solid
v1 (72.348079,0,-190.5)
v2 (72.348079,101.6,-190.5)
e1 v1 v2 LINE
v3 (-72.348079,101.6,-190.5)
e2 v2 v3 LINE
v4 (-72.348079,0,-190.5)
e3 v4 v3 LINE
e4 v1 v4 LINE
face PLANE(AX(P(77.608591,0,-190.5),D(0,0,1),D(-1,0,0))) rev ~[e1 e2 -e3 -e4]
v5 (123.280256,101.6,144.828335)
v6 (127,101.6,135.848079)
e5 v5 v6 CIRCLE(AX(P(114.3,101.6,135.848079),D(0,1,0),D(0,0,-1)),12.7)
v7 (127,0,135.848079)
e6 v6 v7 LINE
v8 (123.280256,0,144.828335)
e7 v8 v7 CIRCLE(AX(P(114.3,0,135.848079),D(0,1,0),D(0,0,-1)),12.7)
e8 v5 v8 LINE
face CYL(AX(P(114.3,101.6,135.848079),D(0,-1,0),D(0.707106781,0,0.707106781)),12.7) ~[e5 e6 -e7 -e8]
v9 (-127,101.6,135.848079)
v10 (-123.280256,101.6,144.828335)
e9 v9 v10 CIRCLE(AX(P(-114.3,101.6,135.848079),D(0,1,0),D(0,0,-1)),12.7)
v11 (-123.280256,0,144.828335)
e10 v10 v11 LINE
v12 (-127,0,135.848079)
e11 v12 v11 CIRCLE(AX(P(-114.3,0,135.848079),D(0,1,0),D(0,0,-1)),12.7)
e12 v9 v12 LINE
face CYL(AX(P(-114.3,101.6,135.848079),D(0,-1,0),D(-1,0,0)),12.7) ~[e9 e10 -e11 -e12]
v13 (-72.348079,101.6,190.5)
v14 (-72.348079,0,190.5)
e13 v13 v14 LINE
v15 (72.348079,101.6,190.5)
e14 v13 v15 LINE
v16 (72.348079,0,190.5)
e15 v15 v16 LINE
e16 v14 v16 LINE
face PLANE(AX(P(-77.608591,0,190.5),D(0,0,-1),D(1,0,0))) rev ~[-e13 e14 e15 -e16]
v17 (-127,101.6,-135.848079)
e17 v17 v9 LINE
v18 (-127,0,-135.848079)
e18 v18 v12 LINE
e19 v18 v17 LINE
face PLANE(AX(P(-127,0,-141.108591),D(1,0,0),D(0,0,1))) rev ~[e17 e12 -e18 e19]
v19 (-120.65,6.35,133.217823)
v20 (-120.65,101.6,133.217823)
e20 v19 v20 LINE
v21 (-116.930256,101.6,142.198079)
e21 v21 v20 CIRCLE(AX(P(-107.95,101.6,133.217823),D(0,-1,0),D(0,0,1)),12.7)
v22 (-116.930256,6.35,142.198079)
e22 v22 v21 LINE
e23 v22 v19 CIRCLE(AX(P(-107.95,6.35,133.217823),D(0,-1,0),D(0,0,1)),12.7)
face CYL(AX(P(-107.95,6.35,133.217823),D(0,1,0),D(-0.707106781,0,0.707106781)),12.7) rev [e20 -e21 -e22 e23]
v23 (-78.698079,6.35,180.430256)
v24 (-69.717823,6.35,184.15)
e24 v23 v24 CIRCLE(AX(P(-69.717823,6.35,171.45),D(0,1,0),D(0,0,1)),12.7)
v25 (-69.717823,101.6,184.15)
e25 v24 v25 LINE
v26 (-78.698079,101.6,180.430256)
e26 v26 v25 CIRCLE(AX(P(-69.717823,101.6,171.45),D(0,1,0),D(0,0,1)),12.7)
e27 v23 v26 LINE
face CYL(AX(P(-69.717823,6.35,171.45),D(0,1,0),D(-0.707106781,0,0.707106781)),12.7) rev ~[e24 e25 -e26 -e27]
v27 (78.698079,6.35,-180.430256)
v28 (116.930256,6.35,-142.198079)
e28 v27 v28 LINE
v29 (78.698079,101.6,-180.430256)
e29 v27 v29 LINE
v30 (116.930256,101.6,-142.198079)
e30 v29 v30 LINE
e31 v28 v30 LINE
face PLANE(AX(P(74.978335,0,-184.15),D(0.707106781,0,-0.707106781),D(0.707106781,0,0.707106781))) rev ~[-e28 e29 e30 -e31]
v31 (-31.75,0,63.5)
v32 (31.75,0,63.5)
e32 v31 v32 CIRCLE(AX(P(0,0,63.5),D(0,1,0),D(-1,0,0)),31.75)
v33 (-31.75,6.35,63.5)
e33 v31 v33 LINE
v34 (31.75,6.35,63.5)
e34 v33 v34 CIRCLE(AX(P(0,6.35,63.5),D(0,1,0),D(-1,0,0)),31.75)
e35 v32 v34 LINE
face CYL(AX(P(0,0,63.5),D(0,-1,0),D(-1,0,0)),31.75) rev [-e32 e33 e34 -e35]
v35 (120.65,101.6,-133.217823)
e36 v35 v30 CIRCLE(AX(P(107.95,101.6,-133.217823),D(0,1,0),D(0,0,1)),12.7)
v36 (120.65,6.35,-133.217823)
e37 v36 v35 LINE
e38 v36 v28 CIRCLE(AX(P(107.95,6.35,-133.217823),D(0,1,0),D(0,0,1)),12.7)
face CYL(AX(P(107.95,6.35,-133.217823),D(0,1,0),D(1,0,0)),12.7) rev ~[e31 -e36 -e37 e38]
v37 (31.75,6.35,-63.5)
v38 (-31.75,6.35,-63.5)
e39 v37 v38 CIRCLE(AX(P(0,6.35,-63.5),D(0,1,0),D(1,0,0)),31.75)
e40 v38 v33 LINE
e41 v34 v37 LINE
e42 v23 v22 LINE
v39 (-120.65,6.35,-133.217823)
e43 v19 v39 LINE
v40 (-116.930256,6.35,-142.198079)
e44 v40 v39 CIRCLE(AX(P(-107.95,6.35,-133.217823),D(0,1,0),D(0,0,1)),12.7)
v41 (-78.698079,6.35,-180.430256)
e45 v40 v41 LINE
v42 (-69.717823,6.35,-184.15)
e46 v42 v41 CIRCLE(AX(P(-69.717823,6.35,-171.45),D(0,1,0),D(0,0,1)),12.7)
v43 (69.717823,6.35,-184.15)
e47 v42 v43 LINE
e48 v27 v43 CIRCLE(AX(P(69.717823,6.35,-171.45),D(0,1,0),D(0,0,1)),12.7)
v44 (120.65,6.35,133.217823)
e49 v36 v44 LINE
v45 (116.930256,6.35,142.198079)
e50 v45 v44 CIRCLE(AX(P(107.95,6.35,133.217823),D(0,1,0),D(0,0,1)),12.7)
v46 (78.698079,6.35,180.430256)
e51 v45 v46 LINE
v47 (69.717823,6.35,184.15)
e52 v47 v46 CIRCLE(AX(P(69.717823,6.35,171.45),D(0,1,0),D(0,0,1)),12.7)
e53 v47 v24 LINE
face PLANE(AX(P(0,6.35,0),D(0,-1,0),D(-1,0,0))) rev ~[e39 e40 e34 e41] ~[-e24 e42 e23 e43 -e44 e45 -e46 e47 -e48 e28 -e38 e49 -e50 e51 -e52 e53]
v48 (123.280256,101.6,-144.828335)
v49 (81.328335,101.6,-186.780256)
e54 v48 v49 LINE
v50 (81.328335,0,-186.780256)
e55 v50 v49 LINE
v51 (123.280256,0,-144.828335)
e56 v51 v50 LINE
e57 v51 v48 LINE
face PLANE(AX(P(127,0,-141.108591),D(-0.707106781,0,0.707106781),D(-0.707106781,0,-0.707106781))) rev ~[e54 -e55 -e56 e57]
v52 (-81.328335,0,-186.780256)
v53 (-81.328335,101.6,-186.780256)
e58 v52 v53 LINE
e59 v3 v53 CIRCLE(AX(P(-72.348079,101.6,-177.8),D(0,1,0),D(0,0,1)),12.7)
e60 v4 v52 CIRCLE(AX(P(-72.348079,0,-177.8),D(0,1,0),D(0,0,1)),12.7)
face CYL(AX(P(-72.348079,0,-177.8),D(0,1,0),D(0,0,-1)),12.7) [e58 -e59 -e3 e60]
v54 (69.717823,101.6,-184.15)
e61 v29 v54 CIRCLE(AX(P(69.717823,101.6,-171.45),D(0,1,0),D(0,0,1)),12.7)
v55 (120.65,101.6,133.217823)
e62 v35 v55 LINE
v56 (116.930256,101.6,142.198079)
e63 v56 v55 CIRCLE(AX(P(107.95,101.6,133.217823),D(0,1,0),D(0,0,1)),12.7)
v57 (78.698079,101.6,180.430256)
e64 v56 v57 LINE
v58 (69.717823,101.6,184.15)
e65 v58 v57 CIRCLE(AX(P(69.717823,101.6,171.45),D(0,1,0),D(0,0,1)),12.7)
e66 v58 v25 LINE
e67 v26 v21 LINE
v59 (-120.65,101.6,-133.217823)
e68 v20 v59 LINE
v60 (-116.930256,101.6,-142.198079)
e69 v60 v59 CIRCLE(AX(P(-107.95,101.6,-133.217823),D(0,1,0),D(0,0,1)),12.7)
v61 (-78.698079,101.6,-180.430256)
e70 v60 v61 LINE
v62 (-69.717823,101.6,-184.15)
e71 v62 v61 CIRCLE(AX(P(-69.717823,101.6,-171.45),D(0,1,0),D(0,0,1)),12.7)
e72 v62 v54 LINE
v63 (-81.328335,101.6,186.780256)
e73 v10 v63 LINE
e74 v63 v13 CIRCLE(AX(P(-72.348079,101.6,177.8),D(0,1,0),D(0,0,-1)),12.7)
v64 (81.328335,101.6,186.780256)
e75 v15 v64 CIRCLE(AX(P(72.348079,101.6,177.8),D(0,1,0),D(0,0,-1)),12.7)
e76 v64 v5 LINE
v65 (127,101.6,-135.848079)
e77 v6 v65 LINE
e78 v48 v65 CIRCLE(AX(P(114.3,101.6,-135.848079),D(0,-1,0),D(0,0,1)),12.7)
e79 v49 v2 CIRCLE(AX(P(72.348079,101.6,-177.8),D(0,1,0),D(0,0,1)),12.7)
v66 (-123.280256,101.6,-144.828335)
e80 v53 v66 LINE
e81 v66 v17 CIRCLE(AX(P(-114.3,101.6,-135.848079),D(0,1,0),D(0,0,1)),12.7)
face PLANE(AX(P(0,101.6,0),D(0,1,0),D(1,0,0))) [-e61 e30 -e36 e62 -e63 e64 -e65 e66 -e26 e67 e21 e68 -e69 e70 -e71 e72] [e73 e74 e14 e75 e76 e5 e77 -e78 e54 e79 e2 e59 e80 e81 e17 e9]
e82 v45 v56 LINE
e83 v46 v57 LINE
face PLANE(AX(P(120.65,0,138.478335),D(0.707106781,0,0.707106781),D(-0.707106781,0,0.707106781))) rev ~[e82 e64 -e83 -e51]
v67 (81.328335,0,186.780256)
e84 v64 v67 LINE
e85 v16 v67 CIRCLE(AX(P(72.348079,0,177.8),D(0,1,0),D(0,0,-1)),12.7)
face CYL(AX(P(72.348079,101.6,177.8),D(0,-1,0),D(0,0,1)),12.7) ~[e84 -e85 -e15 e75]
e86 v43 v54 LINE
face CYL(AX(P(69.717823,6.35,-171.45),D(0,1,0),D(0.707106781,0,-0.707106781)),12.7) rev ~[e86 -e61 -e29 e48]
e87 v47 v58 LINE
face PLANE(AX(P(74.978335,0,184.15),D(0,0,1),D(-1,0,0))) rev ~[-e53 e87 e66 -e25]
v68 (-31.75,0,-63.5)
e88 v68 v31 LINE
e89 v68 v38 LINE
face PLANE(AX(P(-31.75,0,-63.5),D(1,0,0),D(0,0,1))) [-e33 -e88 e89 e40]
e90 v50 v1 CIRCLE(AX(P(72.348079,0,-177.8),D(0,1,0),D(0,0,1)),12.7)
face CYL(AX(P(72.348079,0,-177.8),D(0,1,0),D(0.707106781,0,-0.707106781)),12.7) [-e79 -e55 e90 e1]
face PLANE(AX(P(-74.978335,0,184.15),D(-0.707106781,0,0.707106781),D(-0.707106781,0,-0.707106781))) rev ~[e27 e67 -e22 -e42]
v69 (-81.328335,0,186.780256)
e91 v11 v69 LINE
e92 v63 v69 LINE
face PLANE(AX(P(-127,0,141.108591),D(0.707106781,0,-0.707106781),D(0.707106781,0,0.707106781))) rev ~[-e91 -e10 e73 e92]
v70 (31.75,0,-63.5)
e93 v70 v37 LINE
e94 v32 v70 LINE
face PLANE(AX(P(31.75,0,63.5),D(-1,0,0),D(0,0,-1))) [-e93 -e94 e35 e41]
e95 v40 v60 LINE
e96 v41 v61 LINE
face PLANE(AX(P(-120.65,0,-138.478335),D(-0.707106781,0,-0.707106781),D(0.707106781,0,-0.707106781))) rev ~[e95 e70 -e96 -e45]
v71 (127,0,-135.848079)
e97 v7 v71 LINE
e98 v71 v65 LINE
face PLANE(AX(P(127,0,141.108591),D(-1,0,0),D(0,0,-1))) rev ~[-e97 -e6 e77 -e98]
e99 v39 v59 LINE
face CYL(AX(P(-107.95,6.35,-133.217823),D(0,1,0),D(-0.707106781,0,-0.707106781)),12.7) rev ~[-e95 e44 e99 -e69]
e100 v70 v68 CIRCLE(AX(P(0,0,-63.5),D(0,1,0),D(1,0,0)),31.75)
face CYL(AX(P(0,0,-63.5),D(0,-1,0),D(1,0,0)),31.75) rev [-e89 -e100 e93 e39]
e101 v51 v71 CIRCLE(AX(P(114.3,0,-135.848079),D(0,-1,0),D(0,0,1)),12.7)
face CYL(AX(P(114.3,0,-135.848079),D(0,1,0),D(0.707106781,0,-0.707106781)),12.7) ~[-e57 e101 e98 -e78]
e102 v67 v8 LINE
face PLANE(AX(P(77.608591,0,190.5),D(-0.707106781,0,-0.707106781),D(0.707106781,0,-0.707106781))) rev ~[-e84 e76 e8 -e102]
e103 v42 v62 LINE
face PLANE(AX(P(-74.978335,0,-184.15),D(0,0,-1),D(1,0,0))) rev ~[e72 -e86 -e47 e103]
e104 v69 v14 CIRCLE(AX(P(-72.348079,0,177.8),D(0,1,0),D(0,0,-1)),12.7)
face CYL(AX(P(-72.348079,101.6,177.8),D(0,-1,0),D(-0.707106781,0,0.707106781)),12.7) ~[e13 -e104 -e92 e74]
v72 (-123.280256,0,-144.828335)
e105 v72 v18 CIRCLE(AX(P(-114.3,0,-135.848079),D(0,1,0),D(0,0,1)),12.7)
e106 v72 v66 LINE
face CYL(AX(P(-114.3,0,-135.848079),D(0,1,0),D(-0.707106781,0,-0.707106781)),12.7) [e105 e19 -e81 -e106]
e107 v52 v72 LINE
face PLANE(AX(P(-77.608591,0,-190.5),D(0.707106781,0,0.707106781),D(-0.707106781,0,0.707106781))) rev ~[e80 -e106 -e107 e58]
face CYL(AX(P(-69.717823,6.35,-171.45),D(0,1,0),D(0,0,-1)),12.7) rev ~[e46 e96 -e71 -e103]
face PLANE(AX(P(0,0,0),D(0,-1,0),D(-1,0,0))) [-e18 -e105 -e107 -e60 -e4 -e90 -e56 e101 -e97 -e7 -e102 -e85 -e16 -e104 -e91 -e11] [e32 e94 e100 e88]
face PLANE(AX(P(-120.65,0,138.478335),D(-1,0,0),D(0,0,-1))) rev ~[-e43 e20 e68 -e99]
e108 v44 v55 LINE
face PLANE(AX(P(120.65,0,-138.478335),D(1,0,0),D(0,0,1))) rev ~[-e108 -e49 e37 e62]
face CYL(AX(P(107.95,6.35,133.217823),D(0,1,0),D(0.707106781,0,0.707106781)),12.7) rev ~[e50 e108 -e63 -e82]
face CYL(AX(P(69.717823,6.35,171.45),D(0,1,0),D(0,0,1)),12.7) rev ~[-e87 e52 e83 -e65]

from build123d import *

# Parameters (mm, degrees)
BOSS_EXTRUDE1_DEPTH = 6.35
BOSS_EXTRUDE2_DEPTH = 101.6
FILLET1_R           = 12.7
FILLET2_R           = 12.7


with BuildPart() as part:
    # Sketch1 → Boss-Extrude1 (new body)
    with BuildSketch(Plane(origin=(0, 0, 0), x_dir=(1, 0, 0), z_dir=(0, 1, 0))):
        Polygon((-77.608591334, 190.5), (-127, 141.108591334), (-127, -141.108591334), (-77.608591334, -190.5), (77.608591334, -190.5), (127, -141.108591334), (127, 141.108591334), (77.608591334, 190.5), align=None)
        with BuildLine():
            Line((-31.75, -63.5), (-31.75, 63.5))
            ThreePointArc((-31.75, 63.5), (0, 95.25), (31.75, 63.5))
            Line((31.75, 63.5), (31.75, -63.5))
            ThreePointArc((31.75, -63.5), (0, -95.25), (-31.75, -63.5))
        make_face(mode=Mode.SUBTRACT)
    extrude(amount=BOSS_EXTRUDE1_DEPTH)

    # Sketch1<4> → Boss-Extrude2 (add)
    with BuildSketch(Plane(origin=(0, 0, 0), x_dir=(1, 0, 0), z_dir=(0, 1, 0))):
        Polygon((-77.608591334, 190.5), (-127, 141.108591334), (-127, -141.108591334), (-77.608591334, -190.5), (77.608591334, -190.5), (127, -141.108591334), (127, 141.108591334), (77.608591334, 190.5), align=None)
        Polygon((-120.65, 138.478335213), (-74.978335213, 184.15), (74.978335213, 184.15), (120.65, 138.478335213), (120.65, -138.478335213), (74.978335213, -184.15), (-74.978335213, -184.15), (-120.65, -138.478335213), align=None, mode=Mode.SUBTRACT)
    extrude(amount=BOSS_EXTRUDE2_DEPTH)

    # Fillet1
    fillet1_edges = [part.edges().sort_by_distance(p)[0] for p in [
        (77.608591334, 50.8, 190.5),
        (127, 50.8, 141.108591334),
        (-77.608591334, 50.8, 190.5),
        (-127, 50.8, 141.108591334),
        (-127, 50.8, -141.108591334),
        (-77.608591334, 50.8, -190.5),
        (127, 50.8, -141.108591334),
        (77.608591334, 50.8, -190.5),
    ]]
    fillet(fillet1_edges, radius=FILLET1_R)

    # Fillet2
    fillet2_edges = [part.edges().sort_by_distance(p)[0] for p in [
        (74.978335213, 53.975, 184.15),
        (120.65, 53.975, 138.478335213),
        (-74.978335213, 53.975, 184.15),
        (-120.65, 53.975, 138.478335213),
        (-120.65, 53.975, -138.478335213),
        (120.65, 53.975, -138.478335213),
        (74.978335213, 53.975, -184.15),
        (-74.978335213, 53.975, -184.15),
    ]]
    fillet(fillet2_edges, radius=FILLET2_R)


solid = part.part
